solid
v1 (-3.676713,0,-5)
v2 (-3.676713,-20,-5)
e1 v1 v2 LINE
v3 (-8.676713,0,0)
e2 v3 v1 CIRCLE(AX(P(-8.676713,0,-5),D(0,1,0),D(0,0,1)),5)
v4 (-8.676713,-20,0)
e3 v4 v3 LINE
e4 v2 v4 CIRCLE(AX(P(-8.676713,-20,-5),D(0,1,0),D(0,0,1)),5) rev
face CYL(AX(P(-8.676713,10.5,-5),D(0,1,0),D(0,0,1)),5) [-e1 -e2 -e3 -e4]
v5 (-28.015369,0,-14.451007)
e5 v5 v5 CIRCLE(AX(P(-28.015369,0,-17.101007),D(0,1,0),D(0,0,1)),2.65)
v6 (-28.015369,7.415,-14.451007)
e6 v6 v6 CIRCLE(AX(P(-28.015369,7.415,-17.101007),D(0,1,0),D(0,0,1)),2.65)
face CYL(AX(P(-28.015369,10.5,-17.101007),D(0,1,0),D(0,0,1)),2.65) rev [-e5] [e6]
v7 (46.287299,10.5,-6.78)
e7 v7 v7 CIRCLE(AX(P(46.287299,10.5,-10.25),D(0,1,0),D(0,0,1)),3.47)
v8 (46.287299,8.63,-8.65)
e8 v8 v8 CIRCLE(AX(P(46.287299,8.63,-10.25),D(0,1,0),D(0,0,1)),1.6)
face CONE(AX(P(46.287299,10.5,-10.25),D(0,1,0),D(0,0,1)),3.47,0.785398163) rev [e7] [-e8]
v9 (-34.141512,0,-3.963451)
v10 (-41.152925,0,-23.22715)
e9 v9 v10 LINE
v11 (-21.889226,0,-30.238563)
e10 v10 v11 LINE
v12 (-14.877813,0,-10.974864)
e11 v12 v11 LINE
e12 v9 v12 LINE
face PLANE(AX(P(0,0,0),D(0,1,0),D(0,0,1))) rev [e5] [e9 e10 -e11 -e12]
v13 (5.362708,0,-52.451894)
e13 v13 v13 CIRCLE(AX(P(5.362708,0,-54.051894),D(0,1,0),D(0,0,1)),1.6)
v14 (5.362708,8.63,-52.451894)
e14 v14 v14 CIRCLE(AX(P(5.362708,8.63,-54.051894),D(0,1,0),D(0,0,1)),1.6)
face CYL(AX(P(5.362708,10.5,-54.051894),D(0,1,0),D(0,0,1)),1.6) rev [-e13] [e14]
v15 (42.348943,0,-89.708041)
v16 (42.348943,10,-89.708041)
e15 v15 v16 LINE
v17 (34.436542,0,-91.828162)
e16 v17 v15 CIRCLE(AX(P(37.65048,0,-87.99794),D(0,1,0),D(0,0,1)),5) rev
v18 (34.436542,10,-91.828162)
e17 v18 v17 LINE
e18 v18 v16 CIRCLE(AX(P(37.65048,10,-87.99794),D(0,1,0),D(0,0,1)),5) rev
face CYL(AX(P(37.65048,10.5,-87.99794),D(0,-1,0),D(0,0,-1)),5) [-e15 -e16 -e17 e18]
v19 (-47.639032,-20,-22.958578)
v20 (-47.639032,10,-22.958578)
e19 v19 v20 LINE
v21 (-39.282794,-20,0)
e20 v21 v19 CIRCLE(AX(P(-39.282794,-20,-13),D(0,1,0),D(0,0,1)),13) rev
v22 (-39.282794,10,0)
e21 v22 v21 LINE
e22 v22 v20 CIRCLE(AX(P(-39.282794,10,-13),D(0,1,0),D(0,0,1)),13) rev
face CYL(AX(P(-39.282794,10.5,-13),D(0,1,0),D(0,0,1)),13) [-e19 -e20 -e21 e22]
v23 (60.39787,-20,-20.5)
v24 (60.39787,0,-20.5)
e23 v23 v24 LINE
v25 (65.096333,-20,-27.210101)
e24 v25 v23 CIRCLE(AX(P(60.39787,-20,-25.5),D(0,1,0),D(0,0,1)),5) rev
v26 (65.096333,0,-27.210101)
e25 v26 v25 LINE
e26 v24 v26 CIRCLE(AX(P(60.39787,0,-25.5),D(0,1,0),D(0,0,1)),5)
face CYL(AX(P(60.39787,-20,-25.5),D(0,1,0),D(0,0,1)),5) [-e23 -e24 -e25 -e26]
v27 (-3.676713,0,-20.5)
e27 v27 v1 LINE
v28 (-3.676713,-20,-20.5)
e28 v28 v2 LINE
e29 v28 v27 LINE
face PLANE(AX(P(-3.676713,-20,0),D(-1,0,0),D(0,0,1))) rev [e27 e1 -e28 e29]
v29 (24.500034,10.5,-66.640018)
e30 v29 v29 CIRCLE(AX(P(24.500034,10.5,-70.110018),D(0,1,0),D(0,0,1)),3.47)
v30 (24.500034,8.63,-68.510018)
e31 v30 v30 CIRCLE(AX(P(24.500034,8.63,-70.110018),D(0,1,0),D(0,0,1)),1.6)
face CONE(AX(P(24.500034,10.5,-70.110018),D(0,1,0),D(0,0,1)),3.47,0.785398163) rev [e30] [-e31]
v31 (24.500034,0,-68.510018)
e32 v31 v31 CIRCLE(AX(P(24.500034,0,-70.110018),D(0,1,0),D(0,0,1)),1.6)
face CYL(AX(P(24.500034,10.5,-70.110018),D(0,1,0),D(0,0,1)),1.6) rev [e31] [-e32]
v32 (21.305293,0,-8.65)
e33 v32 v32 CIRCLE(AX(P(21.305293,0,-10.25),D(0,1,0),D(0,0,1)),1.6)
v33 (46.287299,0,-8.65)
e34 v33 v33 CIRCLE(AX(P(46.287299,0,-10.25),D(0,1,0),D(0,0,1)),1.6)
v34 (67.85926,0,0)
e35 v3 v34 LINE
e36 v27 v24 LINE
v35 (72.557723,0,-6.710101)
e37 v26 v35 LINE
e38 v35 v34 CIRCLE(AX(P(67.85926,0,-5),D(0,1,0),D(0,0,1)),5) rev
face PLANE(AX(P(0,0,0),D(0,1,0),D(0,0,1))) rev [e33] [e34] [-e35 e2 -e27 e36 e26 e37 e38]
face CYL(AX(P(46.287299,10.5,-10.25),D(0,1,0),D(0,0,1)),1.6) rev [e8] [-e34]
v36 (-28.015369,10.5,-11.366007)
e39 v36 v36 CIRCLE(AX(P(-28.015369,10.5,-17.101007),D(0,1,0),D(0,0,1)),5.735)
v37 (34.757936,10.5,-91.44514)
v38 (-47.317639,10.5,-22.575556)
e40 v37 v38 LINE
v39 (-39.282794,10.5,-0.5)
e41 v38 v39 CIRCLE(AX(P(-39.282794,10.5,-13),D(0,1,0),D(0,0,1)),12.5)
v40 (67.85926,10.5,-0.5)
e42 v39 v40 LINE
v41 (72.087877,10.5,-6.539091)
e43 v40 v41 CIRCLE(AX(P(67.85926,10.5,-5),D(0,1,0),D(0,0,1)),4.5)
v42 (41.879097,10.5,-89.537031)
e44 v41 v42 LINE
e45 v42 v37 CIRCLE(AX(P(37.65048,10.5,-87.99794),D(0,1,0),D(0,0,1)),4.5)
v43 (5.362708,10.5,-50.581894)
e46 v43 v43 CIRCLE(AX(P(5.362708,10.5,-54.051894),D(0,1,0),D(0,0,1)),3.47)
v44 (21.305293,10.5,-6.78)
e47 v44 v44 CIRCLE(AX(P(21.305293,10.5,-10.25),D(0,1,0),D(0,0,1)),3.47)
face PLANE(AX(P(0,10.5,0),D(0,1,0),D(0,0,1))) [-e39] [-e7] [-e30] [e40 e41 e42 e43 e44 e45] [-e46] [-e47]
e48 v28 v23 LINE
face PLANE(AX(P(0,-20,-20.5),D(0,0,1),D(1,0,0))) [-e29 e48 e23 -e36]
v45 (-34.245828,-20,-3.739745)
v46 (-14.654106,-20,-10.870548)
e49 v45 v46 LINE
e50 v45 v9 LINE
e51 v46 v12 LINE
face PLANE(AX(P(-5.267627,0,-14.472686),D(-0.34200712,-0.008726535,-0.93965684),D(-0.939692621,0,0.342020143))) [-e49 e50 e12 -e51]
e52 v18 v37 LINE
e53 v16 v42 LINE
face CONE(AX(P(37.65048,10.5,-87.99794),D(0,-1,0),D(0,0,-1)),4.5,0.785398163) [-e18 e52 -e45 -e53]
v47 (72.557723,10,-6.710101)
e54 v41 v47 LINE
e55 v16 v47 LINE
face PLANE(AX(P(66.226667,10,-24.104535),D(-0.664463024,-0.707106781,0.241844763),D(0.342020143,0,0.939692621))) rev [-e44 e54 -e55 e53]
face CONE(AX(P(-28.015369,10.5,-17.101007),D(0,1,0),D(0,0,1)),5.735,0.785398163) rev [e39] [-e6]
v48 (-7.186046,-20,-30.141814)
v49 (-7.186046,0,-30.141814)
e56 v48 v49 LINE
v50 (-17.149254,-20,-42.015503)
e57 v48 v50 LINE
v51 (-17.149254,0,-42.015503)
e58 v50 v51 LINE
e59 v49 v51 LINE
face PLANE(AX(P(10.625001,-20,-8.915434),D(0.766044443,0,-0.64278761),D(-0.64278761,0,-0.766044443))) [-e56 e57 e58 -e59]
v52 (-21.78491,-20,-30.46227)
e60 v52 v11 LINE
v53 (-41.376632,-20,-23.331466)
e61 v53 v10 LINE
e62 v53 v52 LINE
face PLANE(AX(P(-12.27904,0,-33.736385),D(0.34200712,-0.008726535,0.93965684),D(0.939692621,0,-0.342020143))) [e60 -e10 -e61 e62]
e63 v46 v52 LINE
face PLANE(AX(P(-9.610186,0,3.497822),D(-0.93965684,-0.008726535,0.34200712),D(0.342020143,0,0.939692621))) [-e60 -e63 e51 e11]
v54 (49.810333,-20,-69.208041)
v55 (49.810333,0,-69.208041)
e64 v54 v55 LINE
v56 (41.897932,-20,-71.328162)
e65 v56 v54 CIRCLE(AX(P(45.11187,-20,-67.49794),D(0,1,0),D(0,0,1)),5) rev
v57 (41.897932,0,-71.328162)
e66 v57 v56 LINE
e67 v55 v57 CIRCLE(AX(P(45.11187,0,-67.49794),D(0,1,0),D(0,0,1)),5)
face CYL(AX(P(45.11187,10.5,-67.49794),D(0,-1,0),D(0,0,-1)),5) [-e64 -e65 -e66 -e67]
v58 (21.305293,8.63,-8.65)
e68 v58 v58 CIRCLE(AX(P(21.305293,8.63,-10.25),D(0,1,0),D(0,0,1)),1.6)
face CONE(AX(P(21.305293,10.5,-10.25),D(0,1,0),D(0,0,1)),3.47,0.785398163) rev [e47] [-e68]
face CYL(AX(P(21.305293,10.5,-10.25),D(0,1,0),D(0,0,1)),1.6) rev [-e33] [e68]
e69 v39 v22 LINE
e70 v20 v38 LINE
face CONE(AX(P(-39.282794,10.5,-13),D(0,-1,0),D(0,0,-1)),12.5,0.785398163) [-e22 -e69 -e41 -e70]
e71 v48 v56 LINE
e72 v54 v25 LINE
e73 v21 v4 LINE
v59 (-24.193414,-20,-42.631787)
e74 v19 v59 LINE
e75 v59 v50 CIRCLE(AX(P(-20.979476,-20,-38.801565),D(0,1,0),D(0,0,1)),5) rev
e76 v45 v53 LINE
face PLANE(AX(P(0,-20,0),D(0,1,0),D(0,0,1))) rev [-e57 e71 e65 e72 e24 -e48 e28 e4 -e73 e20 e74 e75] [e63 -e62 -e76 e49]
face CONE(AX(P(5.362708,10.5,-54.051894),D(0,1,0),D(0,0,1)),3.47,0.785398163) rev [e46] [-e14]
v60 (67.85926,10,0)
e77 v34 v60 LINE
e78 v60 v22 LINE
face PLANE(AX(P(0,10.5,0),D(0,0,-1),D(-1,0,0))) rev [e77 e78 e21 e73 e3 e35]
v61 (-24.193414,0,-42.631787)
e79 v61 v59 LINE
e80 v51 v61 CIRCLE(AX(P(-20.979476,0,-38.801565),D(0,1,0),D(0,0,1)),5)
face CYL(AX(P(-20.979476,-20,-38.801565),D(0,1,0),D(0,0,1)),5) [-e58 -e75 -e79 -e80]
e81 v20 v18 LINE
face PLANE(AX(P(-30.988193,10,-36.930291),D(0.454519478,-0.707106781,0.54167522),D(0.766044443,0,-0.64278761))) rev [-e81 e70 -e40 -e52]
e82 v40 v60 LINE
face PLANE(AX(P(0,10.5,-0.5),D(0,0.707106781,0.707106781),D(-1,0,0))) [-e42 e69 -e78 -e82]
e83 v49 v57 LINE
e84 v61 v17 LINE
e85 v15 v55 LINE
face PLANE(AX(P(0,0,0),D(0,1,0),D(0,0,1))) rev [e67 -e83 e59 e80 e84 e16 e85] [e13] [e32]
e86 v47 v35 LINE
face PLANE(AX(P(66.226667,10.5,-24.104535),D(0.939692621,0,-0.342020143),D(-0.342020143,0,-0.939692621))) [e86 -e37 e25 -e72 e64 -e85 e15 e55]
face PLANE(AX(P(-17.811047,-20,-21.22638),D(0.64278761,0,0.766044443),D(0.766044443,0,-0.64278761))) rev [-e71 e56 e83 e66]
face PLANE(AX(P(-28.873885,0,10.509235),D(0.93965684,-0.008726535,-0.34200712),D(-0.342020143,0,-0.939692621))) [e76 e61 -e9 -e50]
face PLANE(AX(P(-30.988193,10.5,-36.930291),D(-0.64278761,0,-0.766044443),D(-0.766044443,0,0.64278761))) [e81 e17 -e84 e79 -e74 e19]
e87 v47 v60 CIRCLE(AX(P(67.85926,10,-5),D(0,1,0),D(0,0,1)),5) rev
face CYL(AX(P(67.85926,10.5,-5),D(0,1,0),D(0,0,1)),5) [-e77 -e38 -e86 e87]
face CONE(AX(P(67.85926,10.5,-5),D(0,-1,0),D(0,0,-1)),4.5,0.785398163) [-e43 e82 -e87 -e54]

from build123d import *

# Parameters (mm, degrees)
SKETCH1_R                                            = 1.0000000000000018
SKETCH1_R_2                                          = 1.0000000000000087
SKETCH1_R_3                                          = 0.9999999999999911
SKETCH1_R_4                                          = 1.000000000000005
SKETCH1_R_5                                          = 0.9999999999999983
MAIN_BODY_DEPTH                                      = 10.5
PROFILE_STOPS_DEPTH                                  = 20
CSK_FOR_M3_HEX_SOCKET_COUNTERSUNK_HEAD_S_D           = 3.2
CSK_FOR_M3_HEX_SOCKET_COUNTERSUNK_HEAD_S_DEPTH       = 30.5
CSK_FOR_M3_HEX_SOCKET_COUNTERSUNK_HEAD_S_CSINK_D     = 6.94
CSK_FOR_M3_HEX_SOCKET_COUNTERSUNK_HEAD_S_CSINK_ANGLE = 90
CSK_FOR_M5_HEX_SOCKET_COUNTERSUNK_HEAD_S_D           = 5.3
CSK_FOR_M5_HEX_SOCKET_COUNTERSUNK_HEAD_S_DEPTH       = 30.5
CSK_FOR_M5_HEX_SOCKET_COUNTERSUNK_HEAD_S_CSINK_D     = 11.47
CSK_FOR_M5_HEX_SOCKET_COUNTERSUNK_HEAD_S_CSINK_ANGLE = 90
FILLET1_R                                            = 5
FILLET3_R                                            = 5
FILLET4_R                                            = 13
DRAFT1_ANGLE                                         = 0.5000000000000011
CHAMFER1_SIZE                                        = 0.5


with BuildPart() as part:
    # Sketch1 → Main Body (new body)
    with BuildSketch(Plane(origin=(0, 0, 0), x_dir=(1, 0, 0), z_dir=(0, 1, 0))):
        Polygon((-75, 0), (75, 2.755e-14), (39.90666646784656, 96.41814145298106), align=None)
        with Locations(Location((-28.015368960704585, 17.101007166283473, 0), (0, 0, 90))):
            Circle(SKETCH1_R, mode=Mode.SUBTRACT)
        with Locations(Location((21.305293098803567, 10.25, 0), (0, 0, 90))):
            Circle(SKETCH1_R_2, mode=Mode.SUBTRACT)
        with Locations(Location((46.28729909878749, 10.25, 0), (0, 0, 90))):
            Circle(SKETCH1_R_3, mode=Mode.SUBTRACT)
        with Locations(Location((5.362707620569896, 54.05189360917208, 0), (0, 0, 90))):
            Circle(SKETCH1_R_4, mode=Mode.SUBTRACT)
        with Locations(Location((24.500034494822536, 70.11001753107655, 0), (0, 0, 90))):
            Circle(SKETCH1_R_5, mode=Mode.SUBTRACT)
    extrude(amount=MAIN_BODY_DEPTH)

    # Sketch1<3> → Profile Stops (add)
    with BuildSketch(Plane(origin=(0, 0, 0), x_dir=(1, 0, 0), z_dir=(0, 1, 0))):
        Polygon((-75, 0), (-3.676712901180352, 1.84e-15), (-3.67671290118036, 20.5), (67.53861019754284, 20.5), (47.36805627030374, 75.91814145298105), (-7.186046254395704, 30.141814145298103), (-20.363192252969785, 45.84572522923713), align=None)
        Polygon((-41.15292479284825, 23.22715006025093), (-21.889226066737145, 30.238562998427152), (-14.877813128560916, 10.974864272316022), (-34.14151185467204, 3.9634513341398048), align=None, mode=Mode.SUBTRACT)
    extrude(amount=-PROFILE_STOPS_DEPTH)

    # CSK for M3 Hex Socket Countersunk Head Screw1
    with Locations(Plane(origin=(24.500034495, 10.5, -70.110017531), x_dir=(0, 0, 1), z_dir=(0, 1, 0))):
        with Locations((0, 0), (16.058123922, -19.137326874), (59.860017531, 21.787264604), (59.860017531, -3.194741396)):
            CounterSinkHole(CSK_FOR_M3_HEX_SOCKET_COUNTERSUNK_HEAD_S_D / 2, CSK_FOR_M3_HEX_SOCKET_COUNTERSUNK_HEAD_S_CSINK_D / 2, depth=CSK_FOR_M3_HEX_SOCKET_COUNTERSUNK_HEAD_S_DEPTH, counter_sink_angle=CSK_FOR_M3_HEX_SOCKET_COUNTERSUNK_HEAD_S_CSINK_ANGLE)

    # CSK for M5 Hex Socket Countersunk Head Screw1
    with Locations(Plane(origin=(-28.015368961, 10.5, -17.101007166), x_dir=(0, 0, 1), z_dir=(0, 1, 0))):
        with Locations((0, 0)):
            CounterSinkHole(CSK_FOR_M5_HEX_SOCKET_COUNTERSUNK_HEAD_S_D / 2, CSK_FOR_M5_HEX_SOCKET_COUNTERSUNK_HEAD_S_CSINK_D / 2, depth=CSK_FOR_M5_HEX_SOCKET_COUNTERSUNK_HEAD_S_DEPTH, counter_sink_angle=CSK_FOR_M5_HEX_SOCKET_COUNTERSUNK_HEAD_S_CSINK_ANGLE)

    # Fillet1
    fillet1_edges = [part.edges().sort_by_distance(p)[0] for p in [
        (-3.676712901180355, -10, -2.69e-15),
        (-20.363192252969785, -10, -45.84572522923713),
    ]]
    fillet(fillet1_edges, radius=FILLET1_R)

    # Fillet3
    fillet3_edges = [part.edges().sort_by_distance(p)[0] for p in [
        (75, 5.25, -2.755e-14),
        (39.90666646784656, 5.25, -96.41814145298106),
        (47.36805627030374, -10, -75.91814145298105),
        (67.53861019754285, -10, -20.5),
    ]]
    fillet(fillet3_edges, radius=FILLET3_R)

    # Fillet4
    fillet4_edges = [part.edges().sort_by_distance(p)[0] for p in [
        (-75, -4.75, 0),
    ]]
    fillet(fillet4_edges, radius=FILLET4_R)

    # Draft1
    draft1_faces = [part.faces().sort_by_distance(p)[0] for p in [
        (-31.521075429792702, -10, -26.732856529339042),
        (-18.38351959764903, -10, -20.606713635371584),
        (-37.64721832376015, -10, -13.59530069719537),
        (-24.509662491616478, -10, -7.469157803227914),
    ]]
    draft(draft1_faces, Plane(origin=(0, 0, 0), x_dir=(0, 0, -1), z_dir=(0, -1, 0)), DRAFT1_ANGLE)

    # Chamfer1
    chamfer1_edges = [part.edges().sort_by_distance(p)[0] for p in [
        (57.45333323392328, 10.5, -48.209070726490545),
        (38.94457551921066, 10.5, -92.82756915116973),
        (71.9550201877344, 10.5, -2.1321178182447977),
        (14.288233209599724, 10.5, -1.64e-14),
        (-6.601245113874818, 10.5, -57.39336999793299),
        (-51.498797617306785, 10.5, -8.553738136766313),
    ]]
    chamfer(chamfer1_edges, length=CHAMFER1_SIZE)


solid = part.part
